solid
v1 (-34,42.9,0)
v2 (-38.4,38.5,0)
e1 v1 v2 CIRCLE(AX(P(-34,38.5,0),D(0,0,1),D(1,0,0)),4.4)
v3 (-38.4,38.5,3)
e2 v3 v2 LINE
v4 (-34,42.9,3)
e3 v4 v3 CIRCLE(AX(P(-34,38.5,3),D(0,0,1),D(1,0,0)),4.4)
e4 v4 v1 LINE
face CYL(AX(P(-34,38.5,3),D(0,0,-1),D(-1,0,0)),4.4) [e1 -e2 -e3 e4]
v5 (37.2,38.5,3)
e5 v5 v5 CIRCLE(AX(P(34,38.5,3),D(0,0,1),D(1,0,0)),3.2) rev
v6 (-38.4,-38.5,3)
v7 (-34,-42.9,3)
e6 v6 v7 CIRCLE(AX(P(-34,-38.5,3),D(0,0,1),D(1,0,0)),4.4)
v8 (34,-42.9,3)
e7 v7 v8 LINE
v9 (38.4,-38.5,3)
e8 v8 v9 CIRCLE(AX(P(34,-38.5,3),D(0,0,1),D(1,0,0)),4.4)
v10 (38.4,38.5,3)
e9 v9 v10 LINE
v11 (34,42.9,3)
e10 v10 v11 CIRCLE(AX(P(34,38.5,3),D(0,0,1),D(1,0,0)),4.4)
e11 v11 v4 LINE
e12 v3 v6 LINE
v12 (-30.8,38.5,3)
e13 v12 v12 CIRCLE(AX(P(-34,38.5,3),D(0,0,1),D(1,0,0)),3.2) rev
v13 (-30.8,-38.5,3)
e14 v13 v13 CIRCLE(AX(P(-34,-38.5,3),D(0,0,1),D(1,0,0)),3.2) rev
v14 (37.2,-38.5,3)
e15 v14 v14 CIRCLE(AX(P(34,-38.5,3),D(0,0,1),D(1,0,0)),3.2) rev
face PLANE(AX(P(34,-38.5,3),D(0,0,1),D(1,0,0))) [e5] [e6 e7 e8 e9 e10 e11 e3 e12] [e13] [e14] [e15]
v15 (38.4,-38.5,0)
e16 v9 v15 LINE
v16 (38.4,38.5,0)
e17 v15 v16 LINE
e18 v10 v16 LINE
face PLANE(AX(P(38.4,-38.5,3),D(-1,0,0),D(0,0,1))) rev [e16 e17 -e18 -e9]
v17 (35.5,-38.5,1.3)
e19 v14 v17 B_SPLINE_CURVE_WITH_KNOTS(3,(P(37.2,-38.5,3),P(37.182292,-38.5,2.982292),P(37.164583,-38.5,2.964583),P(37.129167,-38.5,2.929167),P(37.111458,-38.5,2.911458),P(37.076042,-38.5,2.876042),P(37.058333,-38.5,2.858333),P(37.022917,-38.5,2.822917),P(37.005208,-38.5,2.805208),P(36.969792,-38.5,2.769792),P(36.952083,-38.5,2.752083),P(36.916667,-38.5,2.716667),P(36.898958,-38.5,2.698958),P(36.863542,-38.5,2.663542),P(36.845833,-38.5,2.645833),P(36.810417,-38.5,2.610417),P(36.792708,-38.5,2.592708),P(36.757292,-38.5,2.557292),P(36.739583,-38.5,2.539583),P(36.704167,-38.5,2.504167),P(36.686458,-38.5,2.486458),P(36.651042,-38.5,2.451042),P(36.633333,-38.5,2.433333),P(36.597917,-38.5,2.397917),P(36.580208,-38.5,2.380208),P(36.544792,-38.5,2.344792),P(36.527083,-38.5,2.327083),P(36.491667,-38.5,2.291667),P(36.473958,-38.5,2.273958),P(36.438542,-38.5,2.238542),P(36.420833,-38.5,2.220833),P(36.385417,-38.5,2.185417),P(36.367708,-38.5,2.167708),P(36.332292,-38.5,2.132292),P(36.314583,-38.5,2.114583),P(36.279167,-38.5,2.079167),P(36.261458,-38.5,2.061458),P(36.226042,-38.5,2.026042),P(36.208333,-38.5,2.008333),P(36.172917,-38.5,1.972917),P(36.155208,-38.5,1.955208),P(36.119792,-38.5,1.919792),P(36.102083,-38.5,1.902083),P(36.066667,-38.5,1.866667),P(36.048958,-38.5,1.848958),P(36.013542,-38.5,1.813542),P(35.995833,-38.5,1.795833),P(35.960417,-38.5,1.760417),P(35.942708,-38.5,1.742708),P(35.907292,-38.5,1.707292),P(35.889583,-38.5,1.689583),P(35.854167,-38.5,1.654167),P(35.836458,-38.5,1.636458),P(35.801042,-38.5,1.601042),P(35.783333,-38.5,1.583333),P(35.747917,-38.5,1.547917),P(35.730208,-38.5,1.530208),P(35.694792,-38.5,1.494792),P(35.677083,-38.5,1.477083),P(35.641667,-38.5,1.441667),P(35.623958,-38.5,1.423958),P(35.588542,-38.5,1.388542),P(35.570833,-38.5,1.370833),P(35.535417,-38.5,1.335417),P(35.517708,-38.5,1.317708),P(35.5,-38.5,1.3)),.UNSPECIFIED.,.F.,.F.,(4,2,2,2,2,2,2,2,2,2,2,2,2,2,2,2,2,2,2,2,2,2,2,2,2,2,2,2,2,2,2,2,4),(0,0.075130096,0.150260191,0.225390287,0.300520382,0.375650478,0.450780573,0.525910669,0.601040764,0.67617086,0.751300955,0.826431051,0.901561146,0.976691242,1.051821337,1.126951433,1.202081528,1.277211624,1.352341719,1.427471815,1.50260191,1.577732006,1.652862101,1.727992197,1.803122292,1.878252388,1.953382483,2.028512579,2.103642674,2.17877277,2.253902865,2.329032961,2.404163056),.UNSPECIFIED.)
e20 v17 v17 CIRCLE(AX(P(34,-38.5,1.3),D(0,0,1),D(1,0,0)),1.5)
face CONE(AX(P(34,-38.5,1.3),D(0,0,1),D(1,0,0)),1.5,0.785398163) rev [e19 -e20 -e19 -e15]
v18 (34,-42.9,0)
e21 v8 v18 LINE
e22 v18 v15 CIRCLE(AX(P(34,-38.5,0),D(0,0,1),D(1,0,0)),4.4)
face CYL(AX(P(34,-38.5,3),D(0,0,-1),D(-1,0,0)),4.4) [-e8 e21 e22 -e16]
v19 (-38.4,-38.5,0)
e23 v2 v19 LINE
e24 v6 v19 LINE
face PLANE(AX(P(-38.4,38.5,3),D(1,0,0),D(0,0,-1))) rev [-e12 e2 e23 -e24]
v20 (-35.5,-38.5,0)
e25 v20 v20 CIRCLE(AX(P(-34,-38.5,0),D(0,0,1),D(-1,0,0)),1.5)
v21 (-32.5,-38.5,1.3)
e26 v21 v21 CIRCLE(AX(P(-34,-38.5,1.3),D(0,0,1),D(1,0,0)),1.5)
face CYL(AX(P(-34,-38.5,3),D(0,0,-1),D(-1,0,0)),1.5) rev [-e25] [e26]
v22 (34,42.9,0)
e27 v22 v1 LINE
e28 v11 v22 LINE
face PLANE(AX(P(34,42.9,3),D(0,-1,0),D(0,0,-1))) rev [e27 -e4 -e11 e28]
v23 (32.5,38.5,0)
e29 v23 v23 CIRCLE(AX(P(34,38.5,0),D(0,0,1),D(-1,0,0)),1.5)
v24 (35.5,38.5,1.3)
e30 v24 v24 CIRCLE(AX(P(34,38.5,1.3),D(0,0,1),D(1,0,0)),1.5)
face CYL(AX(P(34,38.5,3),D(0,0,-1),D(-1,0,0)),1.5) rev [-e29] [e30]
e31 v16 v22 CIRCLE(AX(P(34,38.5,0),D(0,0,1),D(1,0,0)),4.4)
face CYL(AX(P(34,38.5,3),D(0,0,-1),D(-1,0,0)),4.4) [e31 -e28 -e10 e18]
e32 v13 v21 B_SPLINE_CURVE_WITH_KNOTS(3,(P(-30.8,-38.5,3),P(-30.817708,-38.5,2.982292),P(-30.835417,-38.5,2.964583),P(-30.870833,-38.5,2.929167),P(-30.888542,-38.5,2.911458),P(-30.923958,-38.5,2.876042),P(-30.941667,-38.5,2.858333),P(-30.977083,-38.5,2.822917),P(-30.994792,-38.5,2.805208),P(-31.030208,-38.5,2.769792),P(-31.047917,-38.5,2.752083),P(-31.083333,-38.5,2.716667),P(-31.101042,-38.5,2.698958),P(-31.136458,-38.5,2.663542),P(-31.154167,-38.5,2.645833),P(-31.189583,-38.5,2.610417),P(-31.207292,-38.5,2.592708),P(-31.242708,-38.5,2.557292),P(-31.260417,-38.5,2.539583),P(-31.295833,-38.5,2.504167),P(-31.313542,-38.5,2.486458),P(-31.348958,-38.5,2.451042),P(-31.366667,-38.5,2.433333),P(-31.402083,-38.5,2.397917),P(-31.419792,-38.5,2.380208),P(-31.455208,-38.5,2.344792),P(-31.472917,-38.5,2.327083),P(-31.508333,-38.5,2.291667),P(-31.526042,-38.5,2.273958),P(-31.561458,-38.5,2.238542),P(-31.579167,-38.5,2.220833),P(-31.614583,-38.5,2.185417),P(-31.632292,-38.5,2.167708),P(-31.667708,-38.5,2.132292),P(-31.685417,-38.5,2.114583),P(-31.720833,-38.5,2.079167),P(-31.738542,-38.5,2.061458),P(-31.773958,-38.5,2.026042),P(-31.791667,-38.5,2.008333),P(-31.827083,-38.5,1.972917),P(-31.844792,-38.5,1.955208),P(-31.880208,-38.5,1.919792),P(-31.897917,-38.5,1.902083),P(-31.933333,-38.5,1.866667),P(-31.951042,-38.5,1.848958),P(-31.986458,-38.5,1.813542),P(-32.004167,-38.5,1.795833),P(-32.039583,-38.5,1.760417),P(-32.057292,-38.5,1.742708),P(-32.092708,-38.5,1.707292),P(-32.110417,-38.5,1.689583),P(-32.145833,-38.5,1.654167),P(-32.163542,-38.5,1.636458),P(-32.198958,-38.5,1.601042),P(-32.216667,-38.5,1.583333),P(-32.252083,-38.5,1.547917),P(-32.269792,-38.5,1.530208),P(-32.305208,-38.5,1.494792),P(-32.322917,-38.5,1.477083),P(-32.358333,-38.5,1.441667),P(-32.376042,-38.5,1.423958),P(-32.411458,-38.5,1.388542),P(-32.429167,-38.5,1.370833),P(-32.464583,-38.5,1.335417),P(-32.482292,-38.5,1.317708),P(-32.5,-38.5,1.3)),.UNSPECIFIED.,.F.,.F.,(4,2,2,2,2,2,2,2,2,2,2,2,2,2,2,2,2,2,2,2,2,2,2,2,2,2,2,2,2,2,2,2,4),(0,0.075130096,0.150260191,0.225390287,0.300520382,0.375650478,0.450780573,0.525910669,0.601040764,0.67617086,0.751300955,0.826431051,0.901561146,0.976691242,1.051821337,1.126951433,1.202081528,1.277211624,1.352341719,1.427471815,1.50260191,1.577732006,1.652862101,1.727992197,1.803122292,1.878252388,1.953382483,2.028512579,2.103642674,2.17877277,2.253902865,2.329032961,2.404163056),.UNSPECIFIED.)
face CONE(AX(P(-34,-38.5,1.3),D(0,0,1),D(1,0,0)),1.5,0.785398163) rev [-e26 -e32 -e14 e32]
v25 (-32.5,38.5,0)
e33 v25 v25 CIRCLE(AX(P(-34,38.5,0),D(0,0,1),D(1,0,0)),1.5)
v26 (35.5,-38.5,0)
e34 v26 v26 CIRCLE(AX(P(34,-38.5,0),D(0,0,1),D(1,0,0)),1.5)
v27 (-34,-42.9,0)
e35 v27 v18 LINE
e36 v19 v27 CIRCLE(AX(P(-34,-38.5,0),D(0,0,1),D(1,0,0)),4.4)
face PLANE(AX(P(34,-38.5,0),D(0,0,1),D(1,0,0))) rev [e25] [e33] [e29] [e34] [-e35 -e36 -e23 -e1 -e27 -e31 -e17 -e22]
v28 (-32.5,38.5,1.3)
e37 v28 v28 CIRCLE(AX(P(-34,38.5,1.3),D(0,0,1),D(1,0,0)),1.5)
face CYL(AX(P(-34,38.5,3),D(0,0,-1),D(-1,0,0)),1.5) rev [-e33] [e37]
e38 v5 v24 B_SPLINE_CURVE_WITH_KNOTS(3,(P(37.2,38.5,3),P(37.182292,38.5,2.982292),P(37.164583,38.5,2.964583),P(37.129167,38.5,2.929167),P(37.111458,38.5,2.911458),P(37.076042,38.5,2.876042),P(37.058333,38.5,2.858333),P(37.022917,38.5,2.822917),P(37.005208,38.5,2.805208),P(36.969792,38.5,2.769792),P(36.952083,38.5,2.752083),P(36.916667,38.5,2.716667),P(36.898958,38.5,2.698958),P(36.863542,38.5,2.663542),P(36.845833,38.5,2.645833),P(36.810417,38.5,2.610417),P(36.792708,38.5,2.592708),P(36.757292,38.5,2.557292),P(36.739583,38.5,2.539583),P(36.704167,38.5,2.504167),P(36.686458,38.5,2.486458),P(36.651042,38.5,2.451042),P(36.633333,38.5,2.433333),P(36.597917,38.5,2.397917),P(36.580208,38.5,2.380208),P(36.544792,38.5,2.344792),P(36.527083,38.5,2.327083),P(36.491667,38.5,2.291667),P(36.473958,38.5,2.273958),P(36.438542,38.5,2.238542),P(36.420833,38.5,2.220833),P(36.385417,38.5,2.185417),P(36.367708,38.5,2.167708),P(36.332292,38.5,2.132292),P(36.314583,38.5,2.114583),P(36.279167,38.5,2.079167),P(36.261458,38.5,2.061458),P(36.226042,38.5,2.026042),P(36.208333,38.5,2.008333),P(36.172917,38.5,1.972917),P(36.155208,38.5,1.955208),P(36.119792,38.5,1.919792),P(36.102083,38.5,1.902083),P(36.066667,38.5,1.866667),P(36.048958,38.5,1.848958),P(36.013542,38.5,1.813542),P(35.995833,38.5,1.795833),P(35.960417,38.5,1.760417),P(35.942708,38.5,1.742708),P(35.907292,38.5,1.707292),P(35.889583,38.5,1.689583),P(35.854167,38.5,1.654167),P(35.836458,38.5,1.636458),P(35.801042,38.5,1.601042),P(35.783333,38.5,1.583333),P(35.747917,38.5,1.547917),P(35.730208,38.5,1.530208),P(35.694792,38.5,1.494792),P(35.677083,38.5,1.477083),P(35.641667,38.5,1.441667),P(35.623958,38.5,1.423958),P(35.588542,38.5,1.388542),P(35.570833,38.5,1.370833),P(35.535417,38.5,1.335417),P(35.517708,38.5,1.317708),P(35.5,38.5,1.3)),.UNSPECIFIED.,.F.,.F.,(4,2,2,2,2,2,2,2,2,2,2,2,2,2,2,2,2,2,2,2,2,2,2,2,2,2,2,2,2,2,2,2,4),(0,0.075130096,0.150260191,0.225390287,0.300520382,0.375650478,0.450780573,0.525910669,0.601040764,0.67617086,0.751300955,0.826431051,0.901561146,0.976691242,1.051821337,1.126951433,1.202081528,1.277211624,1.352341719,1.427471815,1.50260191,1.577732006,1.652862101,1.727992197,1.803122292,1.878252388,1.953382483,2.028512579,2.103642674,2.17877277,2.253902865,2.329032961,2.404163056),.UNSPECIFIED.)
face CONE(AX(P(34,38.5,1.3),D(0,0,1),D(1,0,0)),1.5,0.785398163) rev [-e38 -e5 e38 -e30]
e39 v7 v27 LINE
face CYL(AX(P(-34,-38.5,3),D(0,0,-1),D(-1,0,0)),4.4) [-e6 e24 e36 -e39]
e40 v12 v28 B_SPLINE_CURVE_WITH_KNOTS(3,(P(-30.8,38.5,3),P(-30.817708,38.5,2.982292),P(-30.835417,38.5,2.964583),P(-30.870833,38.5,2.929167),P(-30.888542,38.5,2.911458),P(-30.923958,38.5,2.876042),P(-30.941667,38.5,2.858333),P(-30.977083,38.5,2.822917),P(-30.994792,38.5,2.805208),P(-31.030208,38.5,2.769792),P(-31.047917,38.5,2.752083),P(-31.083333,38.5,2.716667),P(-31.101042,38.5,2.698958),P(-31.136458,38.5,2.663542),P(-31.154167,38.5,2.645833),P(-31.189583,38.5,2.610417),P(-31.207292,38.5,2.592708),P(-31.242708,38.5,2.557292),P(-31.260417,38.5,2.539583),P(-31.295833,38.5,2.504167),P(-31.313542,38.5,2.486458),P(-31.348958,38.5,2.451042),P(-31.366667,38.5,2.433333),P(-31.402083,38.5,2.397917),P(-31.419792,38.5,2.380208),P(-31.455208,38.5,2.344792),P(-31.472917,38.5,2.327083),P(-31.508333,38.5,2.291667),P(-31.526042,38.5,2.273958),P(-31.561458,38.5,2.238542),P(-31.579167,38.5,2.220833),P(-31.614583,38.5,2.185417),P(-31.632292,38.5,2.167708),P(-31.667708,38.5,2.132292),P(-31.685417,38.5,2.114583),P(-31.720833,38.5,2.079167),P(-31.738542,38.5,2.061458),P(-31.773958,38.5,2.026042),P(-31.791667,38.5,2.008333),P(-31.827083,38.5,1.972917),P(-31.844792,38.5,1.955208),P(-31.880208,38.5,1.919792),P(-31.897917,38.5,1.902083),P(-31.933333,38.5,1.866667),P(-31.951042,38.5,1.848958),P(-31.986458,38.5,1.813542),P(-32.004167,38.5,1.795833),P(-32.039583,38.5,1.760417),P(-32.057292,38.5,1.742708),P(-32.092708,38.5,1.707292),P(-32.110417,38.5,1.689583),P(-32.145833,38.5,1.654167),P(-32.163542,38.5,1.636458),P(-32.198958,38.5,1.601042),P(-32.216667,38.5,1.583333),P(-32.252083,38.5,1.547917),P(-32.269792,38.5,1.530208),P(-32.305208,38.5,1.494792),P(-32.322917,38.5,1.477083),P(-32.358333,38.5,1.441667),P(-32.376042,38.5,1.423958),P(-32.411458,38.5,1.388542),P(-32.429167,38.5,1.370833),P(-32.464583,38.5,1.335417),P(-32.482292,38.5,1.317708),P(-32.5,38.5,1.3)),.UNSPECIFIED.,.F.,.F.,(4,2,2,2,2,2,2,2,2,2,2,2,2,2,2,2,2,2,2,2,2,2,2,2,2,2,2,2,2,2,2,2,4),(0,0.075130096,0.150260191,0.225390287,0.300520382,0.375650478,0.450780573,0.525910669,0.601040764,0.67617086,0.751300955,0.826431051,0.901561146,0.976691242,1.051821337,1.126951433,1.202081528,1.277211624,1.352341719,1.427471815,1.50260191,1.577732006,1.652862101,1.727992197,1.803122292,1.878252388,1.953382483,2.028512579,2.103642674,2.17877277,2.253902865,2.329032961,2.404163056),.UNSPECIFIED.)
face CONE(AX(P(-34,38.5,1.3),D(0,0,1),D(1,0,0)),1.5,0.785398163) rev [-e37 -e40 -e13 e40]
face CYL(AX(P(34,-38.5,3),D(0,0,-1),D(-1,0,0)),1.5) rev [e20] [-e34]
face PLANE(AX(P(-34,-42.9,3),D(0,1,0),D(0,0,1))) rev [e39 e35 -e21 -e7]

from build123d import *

# Parameters (mm, degrees)
SKETCH_1_R      = 1.5
EXTRUDE_1_DEPTH = 3
CHAMFER_1_SIZE  = 1.7


with BuildPart() as part:
    # Эскиз1 → Бобышка-Вытянуть1 (new body)
    with BuildSketch(Plane.XY):
        with BuildLine():
            Line((38.4, -38.5), (38.4, 38.5))
            ThreePointArc((38.4, 38.5), (37.111269837, 41.611269837), (34, 42.9))
            Line((34, 42.9), (-34, 42.9))
            ThreePointArc((-34, 42.9), (-37.111269837, 41.611269837), (-38.4, 38.5))
            Line((-38.4, 38.5), (-38.4, -38.5))
            ThreePointArc((-38.4, -38.5), (-37.111269837, -41.611269837), (-34, -42.9))
            Line((-34, -42.9), (34, -42.9))
            ThreePointArc((34, -42.9), (37.111269837, -41.611269837), (38.4, -38.5))
        make_face()
        with Locations((34, -38.5)):
            Circle(SKETCH_1_R, mode=Mode.SUBTRACT)
        with Locations(Location((-34, -38.5, 0), (0, 0, 180))):
            Circle(SKETCH_1_R, mode=Mode.SUBTRACT)
        with Locations(Location((34, 38.5, 0), (0, 0, 180))):
            Circle(SKETCH_1_R, mode=Mode.SUBTRACT)
        with Locations((-34, 38.5)):
            Circle(SKETCH_1_R, mode=Mode.SUBTRACT)
    extrude(amount=EXTRUDE_1_DEPTH)

    # Фаска1
    chamfer_1_edges = [part.edges().sort_by_distance(p)[0] for p in [
        (32.5, -38.5, 3),
        (-32.5, -38.5, 3),
        (35.5, 38.5, 3),
        (-35.5, 38.5, 3),
    ]]
    chamfer(chamfer_1_edges, length=CHAMFER_1_SIZE)


solid = part.part
